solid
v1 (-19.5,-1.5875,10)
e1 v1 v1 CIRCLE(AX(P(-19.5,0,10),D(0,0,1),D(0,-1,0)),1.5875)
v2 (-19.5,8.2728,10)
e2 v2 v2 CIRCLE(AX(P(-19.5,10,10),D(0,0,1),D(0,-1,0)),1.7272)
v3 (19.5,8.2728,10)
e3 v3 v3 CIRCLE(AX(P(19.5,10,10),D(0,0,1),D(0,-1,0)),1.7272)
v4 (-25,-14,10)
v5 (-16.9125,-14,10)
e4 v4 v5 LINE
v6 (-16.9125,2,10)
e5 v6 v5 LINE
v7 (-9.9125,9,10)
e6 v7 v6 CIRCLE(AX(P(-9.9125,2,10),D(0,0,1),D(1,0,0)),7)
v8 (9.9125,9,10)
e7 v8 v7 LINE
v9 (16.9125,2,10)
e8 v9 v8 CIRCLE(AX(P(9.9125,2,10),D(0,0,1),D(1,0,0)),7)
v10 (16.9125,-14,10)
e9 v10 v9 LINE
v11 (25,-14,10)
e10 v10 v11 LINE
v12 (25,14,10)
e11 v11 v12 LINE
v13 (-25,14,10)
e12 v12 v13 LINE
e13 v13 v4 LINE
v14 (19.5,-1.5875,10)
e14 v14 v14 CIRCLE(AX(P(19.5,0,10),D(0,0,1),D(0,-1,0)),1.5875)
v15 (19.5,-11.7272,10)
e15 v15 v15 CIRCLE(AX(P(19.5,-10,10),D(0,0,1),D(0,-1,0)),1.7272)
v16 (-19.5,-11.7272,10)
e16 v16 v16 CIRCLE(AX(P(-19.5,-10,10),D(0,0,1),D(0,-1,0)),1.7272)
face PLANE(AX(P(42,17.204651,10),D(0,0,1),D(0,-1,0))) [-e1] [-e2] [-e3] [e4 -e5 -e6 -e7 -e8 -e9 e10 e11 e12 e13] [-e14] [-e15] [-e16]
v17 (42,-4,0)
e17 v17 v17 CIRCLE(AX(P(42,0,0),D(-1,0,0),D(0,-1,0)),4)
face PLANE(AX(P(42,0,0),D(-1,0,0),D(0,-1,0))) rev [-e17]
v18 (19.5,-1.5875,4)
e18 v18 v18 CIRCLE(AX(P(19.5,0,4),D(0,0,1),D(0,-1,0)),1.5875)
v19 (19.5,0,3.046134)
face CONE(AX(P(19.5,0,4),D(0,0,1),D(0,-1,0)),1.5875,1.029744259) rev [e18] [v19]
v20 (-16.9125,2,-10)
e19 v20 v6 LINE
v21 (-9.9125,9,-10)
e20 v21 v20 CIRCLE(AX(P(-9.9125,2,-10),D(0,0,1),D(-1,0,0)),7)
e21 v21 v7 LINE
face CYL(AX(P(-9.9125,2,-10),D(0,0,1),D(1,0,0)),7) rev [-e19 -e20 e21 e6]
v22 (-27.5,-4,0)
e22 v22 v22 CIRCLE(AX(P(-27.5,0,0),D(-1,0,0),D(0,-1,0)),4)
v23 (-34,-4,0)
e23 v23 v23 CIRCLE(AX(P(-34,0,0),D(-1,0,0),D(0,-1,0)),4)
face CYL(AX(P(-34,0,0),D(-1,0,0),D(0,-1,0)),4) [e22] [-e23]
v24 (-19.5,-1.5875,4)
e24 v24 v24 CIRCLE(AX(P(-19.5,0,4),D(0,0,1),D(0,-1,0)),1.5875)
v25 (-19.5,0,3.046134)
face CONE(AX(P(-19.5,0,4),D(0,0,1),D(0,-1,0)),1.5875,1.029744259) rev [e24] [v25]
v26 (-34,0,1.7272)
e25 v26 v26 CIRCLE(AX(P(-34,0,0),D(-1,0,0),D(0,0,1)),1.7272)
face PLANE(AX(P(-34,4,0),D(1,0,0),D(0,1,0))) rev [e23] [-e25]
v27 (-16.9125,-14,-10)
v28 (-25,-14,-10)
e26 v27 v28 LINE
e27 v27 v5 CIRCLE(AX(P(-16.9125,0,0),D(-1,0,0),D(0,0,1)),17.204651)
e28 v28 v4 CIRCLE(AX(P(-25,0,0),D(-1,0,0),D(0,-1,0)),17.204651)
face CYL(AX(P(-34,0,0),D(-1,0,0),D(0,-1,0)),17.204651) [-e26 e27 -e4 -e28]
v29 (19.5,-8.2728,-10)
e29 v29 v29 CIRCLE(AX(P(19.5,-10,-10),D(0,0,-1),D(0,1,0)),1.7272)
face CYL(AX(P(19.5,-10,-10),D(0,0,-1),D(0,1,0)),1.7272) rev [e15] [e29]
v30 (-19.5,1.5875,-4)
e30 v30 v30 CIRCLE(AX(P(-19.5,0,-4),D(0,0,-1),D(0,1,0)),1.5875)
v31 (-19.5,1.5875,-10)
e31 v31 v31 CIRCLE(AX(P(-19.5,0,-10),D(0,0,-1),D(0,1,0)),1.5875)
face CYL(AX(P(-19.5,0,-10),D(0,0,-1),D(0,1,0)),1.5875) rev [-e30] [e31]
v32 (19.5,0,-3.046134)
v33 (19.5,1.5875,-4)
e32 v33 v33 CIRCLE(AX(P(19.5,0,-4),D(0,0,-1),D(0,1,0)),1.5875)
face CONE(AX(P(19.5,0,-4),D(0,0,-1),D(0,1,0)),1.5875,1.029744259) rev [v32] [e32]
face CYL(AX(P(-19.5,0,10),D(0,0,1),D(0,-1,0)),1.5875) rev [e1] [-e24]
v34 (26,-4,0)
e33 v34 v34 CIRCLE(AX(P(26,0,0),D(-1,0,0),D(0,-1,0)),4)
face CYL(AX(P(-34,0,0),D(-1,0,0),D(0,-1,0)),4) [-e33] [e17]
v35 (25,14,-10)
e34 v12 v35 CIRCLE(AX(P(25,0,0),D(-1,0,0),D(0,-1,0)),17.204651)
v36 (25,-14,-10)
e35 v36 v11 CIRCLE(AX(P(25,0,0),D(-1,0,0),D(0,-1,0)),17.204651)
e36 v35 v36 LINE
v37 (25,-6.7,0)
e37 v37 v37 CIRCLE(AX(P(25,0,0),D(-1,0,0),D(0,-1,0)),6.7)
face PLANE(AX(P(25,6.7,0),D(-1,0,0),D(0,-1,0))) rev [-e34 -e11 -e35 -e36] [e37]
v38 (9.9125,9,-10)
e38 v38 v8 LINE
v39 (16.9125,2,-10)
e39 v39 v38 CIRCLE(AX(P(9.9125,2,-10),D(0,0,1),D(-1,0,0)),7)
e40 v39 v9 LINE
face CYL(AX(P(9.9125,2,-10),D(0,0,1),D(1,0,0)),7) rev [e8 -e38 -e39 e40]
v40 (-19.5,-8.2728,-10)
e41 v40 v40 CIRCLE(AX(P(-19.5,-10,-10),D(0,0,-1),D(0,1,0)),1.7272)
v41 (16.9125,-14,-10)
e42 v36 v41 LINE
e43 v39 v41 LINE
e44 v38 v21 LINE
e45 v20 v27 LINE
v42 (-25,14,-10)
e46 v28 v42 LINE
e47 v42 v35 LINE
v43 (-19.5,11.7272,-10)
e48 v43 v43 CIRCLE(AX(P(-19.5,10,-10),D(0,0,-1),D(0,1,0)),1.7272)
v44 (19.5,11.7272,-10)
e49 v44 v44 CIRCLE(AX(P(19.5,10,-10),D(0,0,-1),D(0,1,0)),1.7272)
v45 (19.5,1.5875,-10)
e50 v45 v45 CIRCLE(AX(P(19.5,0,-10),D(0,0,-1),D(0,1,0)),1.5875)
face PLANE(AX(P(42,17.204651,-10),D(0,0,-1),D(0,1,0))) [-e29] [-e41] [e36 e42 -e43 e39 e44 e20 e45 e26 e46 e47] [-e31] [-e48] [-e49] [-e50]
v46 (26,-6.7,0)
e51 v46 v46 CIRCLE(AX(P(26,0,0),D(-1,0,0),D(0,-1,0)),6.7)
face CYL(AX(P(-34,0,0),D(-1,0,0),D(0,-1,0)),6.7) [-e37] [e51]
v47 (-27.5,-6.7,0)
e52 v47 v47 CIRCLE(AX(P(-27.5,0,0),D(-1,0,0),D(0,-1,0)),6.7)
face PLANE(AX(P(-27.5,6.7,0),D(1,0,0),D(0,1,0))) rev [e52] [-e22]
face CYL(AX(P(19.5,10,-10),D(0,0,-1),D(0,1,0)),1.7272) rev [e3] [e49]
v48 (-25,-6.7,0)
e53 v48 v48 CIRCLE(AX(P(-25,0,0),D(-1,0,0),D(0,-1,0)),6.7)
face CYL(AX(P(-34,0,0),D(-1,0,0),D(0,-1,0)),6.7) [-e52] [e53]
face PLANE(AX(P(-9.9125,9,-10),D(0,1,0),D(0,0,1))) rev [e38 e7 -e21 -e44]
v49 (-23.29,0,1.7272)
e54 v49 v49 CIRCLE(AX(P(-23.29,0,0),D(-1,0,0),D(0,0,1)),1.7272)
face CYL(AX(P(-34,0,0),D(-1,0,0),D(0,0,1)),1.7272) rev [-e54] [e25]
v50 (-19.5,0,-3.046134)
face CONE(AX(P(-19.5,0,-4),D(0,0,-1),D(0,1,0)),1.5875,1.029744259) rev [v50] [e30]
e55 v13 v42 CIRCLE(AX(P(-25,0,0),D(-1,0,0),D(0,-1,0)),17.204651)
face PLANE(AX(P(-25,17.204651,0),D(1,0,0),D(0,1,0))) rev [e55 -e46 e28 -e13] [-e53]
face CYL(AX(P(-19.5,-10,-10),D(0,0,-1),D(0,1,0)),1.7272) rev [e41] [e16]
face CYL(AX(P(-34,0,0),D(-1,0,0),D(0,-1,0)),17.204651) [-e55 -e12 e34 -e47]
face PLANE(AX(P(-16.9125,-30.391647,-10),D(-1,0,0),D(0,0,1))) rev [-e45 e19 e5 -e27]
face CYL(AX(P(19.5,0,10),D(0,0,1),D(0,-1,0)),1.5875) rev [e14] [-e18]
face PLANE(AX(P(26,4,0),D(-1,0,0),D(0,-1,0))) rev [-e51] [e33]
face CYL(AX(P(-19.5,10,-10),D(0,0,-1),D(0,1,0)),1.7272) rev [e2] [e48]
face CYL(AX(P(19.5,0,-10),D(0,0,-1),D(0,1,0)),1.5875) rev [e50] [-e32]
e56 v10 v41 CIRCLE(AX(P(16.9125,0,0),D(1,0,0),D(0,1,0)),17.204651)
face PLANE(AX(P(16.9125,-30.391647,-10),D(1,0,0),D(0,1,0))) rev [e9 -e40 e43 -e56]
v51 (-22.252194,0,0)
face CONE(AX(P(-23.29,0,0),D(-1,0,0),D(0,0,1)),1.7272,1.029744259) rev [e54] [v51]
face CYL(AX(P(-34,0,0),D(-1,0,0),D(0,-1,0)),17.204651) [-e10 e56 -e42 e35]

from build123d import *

# Parameters (mm, degrees)
CUT_EXTRUDE1_DEPTH                  = 72.281133549
CUT_EXTRUDE1_DEPTH_BACK             = 72.281133549
SKETCH3_OUTSIDE_W                   = 54.458
SKETCH3_OUTSIDE_H                   = 54.458
SKETCH3_OUTSIDE_W_2                 = 20
SKETCH3_OUTSIDE_H_2                 = 34.409301068
F_8_32_TAPPED_HOLE1_AT_2_COUNT      = 2
F_8_32_TAPPED_HOLE1_AT_2_PITCH      = 43.829214002
F_8_32_TAPPED_HOLE1_AT_3_COUNT      = 2
F_8_32_TAPPED_HOLE1_AT_3_PITCH      = 20
F_8_32_TAPPED_HOLE1_AT_4_COUNT      = 2
F_8_32_TAPPED_HOLE1_AT_4_PITCH      = 39
F_1_8_0_1250_DOWEL_HOLE1_AT_2_COUNT = 2
F_1_8_0_1250_DOWEL_HOLE1_AT_2_PITCH = 39
F_8_32_TAPPED_HOLE2_D               = 3.4544
F_8_32_TAPPED_HOLE2_DEPTH           = 10.71
F_8_32_TAPPED_HOLE2_TIP             = 1.037806461
CUT_EXTRUDE3_DEPTH                  = 50.598387071
CUT_EXTRUDE3_DEPTH_BACK             = 50.598387071


with BuildPart() as part:
    # Sketch2 → Revolve1 (revolve)
    with BuildSketch(Plane.XY, mode=Mode.PRIVATE) as revolve1_sk:
        Polygon((-34, 0), (42, 0), (42, 4), (26, 4), (26, 6.7), (25, 6.7), (25, 17.204650534), (-25, 17.204650534), (-25, 6.7), (-27.5, 6.7), (-27.5, 4), (-34, 4), align=None)
    revolve(revolve1_sk.sketch.rotate(Axis((-34, 0, 0), (1, 0, 0)), 180), axis=Axis((-34, 0, 0), (1, 0, 0)))

    # Sketch3 outside → Cut-Extrude1 (cut, two sides: drawn at the far end of the back side and taken through both)
    with BuildSketch(Plane.ZY.offset(25).offset(-CUT_EXTRUDE1_DEPTH_BACK)):
        Rectangle(SKETCH3_OUTSIDE_W, SKETCH3_OUTSIDE_H)
        Rectangle(SKETCH3_OUTSIDE_W_2, SKETCH3_OUTSIDE_H_2, mode=Mode.SUBTRACT)
    extrude(amount=CUT_EXTRUDE1_DEPTH + CUT_EXTRUDE1_DEPTH_BACK, mode=Mode.SUBTRACT)

    # Sketch5 → #8-32 Tapped Hole1 (revolve, cut)
    with BuildSketch(Plane(origin=(19.5, 10, -10), x_dir=(0, 1, 0), z_dir=(1, 0, 0))):
        Polygon((0, 0), (0, 11.747806461), (1.7272, 10.71), (1.7272, 0), align=None)
    f_8_32_tapped_hole1 = revolve(axis=Axis((19.5, 10, -16.35), (0, 0, 1)), mode=Mode.SUBTRACT)

    # #8-32 Tapped Hole1 at 2: #8-32 Tapped Hole1 ×2
    with Locations(*[Vector(-0.889817462812737, -0.4563166475962754, 0) * (i * F_8_32_TAPPED_HOLE1_AT_2_PITCH) for i in range(1, F_8_32_TAPPED_HOLE1_AT_2_COUNT)]):
        add(f_8_32_tapped_hole1, mode=Mode.SUBTRACT)

    # #8-32 Tapped Hole1 at 3: #8-32 Tapped Hole1 ×2
    with Locations(*[(0, -i * F_8_32_TAPPED_HOLE1_AT_3_PITCH, 0) for i in range(1, F_8_32_TAPPED_HOLE1_AT_3_COUNT)]):
        add(f_8_32_tapped_hole1, mode=Mode.SUBTRACT)

    # #8-32 Tapped Hole1 at 4: #8-32 Tapped Hole1 ×2
    with Locations(*[(-i * F_8_32_TAPPED_HOLE1_AT_4_PITCH, 0, 0) for i in range(1, F_8_32_TAPPED_HOLE1_AT_4_COUNT)]):
        add(f_8_32_tapped_hole1, mode=Mode.SUBTRACT)

    # Sketch7 → 1/8 (0.1250) Dowel Hole1 (revolve, cut)
    with BuildSketch(Plane(origin=(19.5, 0, -10), x_dir=(0, 1, 0), z_dir=(1, 0, 0))):
        Polygon((0, 0), (0, 6.953866233), (1.5875, 6), (1.5875, 0), align=None)
    f_1_8_0_1250_dowel_hole1 = revolve(axis=Axis((19.5, 0, -16.35), (0, 0, 1)), mode=Mode.SUBTRACT)

    # 1/8 (0.1250) Dowel Hole1 at 2: 1/8 (0.1250) Dowel Hole1 ×2
    with Locations(*[(-i * F_1_8_0_1250_DOWEL_HOLE1_AT_2_PITCH, 0, 0) for i in range(1, F_1_8_0_1250_DOWEL_HOLE1_AT_2_COUNT)]):
        add(f_1_8_0_1250_dowel_hole1, mode=Mode.SUBTRACT)

    # Mirror1: #8-32 Tapped Hole1, 1/8 (0.1250) Dowel Hole1 across plane
    add(f_8_32_tapped_hole1.mirror(Plane.XY), mode=Mode.SUBTRACT)
    add(f_1_8_0_1250_dowel_hole1.mirror(Plane.XY), mode=Mode.SUBTRACT)

    # Mirror1 copy 1 sketch → Mirror1 copy 1 (revolve, cut)
    with BuildSketch(Plane(origin=(-19.5, -10, 10), x_dir=(0, 1, 0), z_dir=(1, 0, 0))):
        Polygon((0, 0), (0, -11.747806461), (1.7272, -10.71), (1.7272, 0), align=None)
    revolve(axis=Axis((-19.5, -10, 16.35), (0, 0, 1)), mode=Mode.SUBTRACT)

    # Mirror1 copy 2 sketch → Mirror1 copy 2 (revolve, cut)
    with BuildSketch(Plane(origin=(19.5, -10, 10), x_dir=(0, 1, 0), z_dir=(1, 0, 0))):
        Polygon((0, 0), (0, -11.747806461), (1.7272, -10.71), (1.7272, 0), align=None)
    revolve(axis=Axis((19.5, -10, 16.35), (0, 0, 1)), mode=Mode.SUBTRACT)

    # Mirror1 copy 3 sketch → Mirror1 copy 3 (revolve, cut)
    with BuildSketch(Plane(origin=(-19.5, 10, 10), x_dir=(0, 1, 0), z_dir=(1, 0, 0))):
        Polygon((0, 0), (0, -11.747806461), (1.7272, -10.71), (1.7272, 0), align=None)
    revolve(axis=Axis((-19.5, 10, 16.35), (0, 0, 1)), mode=Mode.SUBTRACT)

    # Mirror1 copy 4 sketch → Mirror1 copy 4 (revolve, cut)
    with BuildSketch(Plane(origin=(-19.5, 0, 10), x_dir=(0, 1, 0), z_dir=(1, 0, 0))):
        Polygon((0, 0), (0, -6.953866233), (1.5875, -6), (1.5875, 0), align=None)
    revolve(axis=Axis((-19.5, 0, 16.35), (0, 0, 1)), mode=Mode.SUBTRACT)

    # #8-32 Tapped Hole2
    with Locations(Plane.ZY.offset(34)):
        with Locations((0, 0)):
            Hole(F_8_32_TAPPED_HOLE2_D / 2, depth=F_8_32_TAPPED_HOLE2_DEPTH)
            with Locations((0, 0, -(F_8_32_TAPPED_HOLE2_DEPTH + F_8_32_TAPPED_HOLE2_TIP / 2))):  # 118° drill point
                Cone(0, F_8_32_TAPPED_HOLE2_D / 2, F_8_32_TAPPED_HOLE2_TIP, mode=Mode.SUBTRACT)

    # Sketch12 → Cut-Extrude3 (cut, two sides: drawn at the far end of the back side and taken through both)
    with BuildSketch(Plane.XY.offset(10).offset(-CUT_EXTRUDE3_DEPTH_BACK)):
        with BuildLine():
            Line((-9.9125, -37.391646785), (9.9125, -37.391646785))
            ThreePointArc((9.9125, -37.391646785), (14.862247468, -35.341394253), (16.9125, -30.391646785))
            Line((16.9125, -30.391646785), (16.9125, 2))
            ThreePointArc((16.9125, 2), (14.862247468, 6.949747468), (9.9125, 9))
            Line((9.9125, 9), (-9.9125, 9))
            ThreePointArc((-9.9125, 9), (-14.862247468, 6.949747468), (-16.9125, 2))
            Line((-16.9125, 2), (-16.9125, -30.391646785))
            ThreePointArc((-16.9125, -30.391646785), (-14.862247468, -35.341394253), (-9.9125, -37.391646785))
        make_face()
    extrude(amount=CUT_EXTRUDE3_DEPTH + CUT_EXTRUDE3_DEPTH_BACK, mode=Mode.SUBTRACT)


solid = part.part
